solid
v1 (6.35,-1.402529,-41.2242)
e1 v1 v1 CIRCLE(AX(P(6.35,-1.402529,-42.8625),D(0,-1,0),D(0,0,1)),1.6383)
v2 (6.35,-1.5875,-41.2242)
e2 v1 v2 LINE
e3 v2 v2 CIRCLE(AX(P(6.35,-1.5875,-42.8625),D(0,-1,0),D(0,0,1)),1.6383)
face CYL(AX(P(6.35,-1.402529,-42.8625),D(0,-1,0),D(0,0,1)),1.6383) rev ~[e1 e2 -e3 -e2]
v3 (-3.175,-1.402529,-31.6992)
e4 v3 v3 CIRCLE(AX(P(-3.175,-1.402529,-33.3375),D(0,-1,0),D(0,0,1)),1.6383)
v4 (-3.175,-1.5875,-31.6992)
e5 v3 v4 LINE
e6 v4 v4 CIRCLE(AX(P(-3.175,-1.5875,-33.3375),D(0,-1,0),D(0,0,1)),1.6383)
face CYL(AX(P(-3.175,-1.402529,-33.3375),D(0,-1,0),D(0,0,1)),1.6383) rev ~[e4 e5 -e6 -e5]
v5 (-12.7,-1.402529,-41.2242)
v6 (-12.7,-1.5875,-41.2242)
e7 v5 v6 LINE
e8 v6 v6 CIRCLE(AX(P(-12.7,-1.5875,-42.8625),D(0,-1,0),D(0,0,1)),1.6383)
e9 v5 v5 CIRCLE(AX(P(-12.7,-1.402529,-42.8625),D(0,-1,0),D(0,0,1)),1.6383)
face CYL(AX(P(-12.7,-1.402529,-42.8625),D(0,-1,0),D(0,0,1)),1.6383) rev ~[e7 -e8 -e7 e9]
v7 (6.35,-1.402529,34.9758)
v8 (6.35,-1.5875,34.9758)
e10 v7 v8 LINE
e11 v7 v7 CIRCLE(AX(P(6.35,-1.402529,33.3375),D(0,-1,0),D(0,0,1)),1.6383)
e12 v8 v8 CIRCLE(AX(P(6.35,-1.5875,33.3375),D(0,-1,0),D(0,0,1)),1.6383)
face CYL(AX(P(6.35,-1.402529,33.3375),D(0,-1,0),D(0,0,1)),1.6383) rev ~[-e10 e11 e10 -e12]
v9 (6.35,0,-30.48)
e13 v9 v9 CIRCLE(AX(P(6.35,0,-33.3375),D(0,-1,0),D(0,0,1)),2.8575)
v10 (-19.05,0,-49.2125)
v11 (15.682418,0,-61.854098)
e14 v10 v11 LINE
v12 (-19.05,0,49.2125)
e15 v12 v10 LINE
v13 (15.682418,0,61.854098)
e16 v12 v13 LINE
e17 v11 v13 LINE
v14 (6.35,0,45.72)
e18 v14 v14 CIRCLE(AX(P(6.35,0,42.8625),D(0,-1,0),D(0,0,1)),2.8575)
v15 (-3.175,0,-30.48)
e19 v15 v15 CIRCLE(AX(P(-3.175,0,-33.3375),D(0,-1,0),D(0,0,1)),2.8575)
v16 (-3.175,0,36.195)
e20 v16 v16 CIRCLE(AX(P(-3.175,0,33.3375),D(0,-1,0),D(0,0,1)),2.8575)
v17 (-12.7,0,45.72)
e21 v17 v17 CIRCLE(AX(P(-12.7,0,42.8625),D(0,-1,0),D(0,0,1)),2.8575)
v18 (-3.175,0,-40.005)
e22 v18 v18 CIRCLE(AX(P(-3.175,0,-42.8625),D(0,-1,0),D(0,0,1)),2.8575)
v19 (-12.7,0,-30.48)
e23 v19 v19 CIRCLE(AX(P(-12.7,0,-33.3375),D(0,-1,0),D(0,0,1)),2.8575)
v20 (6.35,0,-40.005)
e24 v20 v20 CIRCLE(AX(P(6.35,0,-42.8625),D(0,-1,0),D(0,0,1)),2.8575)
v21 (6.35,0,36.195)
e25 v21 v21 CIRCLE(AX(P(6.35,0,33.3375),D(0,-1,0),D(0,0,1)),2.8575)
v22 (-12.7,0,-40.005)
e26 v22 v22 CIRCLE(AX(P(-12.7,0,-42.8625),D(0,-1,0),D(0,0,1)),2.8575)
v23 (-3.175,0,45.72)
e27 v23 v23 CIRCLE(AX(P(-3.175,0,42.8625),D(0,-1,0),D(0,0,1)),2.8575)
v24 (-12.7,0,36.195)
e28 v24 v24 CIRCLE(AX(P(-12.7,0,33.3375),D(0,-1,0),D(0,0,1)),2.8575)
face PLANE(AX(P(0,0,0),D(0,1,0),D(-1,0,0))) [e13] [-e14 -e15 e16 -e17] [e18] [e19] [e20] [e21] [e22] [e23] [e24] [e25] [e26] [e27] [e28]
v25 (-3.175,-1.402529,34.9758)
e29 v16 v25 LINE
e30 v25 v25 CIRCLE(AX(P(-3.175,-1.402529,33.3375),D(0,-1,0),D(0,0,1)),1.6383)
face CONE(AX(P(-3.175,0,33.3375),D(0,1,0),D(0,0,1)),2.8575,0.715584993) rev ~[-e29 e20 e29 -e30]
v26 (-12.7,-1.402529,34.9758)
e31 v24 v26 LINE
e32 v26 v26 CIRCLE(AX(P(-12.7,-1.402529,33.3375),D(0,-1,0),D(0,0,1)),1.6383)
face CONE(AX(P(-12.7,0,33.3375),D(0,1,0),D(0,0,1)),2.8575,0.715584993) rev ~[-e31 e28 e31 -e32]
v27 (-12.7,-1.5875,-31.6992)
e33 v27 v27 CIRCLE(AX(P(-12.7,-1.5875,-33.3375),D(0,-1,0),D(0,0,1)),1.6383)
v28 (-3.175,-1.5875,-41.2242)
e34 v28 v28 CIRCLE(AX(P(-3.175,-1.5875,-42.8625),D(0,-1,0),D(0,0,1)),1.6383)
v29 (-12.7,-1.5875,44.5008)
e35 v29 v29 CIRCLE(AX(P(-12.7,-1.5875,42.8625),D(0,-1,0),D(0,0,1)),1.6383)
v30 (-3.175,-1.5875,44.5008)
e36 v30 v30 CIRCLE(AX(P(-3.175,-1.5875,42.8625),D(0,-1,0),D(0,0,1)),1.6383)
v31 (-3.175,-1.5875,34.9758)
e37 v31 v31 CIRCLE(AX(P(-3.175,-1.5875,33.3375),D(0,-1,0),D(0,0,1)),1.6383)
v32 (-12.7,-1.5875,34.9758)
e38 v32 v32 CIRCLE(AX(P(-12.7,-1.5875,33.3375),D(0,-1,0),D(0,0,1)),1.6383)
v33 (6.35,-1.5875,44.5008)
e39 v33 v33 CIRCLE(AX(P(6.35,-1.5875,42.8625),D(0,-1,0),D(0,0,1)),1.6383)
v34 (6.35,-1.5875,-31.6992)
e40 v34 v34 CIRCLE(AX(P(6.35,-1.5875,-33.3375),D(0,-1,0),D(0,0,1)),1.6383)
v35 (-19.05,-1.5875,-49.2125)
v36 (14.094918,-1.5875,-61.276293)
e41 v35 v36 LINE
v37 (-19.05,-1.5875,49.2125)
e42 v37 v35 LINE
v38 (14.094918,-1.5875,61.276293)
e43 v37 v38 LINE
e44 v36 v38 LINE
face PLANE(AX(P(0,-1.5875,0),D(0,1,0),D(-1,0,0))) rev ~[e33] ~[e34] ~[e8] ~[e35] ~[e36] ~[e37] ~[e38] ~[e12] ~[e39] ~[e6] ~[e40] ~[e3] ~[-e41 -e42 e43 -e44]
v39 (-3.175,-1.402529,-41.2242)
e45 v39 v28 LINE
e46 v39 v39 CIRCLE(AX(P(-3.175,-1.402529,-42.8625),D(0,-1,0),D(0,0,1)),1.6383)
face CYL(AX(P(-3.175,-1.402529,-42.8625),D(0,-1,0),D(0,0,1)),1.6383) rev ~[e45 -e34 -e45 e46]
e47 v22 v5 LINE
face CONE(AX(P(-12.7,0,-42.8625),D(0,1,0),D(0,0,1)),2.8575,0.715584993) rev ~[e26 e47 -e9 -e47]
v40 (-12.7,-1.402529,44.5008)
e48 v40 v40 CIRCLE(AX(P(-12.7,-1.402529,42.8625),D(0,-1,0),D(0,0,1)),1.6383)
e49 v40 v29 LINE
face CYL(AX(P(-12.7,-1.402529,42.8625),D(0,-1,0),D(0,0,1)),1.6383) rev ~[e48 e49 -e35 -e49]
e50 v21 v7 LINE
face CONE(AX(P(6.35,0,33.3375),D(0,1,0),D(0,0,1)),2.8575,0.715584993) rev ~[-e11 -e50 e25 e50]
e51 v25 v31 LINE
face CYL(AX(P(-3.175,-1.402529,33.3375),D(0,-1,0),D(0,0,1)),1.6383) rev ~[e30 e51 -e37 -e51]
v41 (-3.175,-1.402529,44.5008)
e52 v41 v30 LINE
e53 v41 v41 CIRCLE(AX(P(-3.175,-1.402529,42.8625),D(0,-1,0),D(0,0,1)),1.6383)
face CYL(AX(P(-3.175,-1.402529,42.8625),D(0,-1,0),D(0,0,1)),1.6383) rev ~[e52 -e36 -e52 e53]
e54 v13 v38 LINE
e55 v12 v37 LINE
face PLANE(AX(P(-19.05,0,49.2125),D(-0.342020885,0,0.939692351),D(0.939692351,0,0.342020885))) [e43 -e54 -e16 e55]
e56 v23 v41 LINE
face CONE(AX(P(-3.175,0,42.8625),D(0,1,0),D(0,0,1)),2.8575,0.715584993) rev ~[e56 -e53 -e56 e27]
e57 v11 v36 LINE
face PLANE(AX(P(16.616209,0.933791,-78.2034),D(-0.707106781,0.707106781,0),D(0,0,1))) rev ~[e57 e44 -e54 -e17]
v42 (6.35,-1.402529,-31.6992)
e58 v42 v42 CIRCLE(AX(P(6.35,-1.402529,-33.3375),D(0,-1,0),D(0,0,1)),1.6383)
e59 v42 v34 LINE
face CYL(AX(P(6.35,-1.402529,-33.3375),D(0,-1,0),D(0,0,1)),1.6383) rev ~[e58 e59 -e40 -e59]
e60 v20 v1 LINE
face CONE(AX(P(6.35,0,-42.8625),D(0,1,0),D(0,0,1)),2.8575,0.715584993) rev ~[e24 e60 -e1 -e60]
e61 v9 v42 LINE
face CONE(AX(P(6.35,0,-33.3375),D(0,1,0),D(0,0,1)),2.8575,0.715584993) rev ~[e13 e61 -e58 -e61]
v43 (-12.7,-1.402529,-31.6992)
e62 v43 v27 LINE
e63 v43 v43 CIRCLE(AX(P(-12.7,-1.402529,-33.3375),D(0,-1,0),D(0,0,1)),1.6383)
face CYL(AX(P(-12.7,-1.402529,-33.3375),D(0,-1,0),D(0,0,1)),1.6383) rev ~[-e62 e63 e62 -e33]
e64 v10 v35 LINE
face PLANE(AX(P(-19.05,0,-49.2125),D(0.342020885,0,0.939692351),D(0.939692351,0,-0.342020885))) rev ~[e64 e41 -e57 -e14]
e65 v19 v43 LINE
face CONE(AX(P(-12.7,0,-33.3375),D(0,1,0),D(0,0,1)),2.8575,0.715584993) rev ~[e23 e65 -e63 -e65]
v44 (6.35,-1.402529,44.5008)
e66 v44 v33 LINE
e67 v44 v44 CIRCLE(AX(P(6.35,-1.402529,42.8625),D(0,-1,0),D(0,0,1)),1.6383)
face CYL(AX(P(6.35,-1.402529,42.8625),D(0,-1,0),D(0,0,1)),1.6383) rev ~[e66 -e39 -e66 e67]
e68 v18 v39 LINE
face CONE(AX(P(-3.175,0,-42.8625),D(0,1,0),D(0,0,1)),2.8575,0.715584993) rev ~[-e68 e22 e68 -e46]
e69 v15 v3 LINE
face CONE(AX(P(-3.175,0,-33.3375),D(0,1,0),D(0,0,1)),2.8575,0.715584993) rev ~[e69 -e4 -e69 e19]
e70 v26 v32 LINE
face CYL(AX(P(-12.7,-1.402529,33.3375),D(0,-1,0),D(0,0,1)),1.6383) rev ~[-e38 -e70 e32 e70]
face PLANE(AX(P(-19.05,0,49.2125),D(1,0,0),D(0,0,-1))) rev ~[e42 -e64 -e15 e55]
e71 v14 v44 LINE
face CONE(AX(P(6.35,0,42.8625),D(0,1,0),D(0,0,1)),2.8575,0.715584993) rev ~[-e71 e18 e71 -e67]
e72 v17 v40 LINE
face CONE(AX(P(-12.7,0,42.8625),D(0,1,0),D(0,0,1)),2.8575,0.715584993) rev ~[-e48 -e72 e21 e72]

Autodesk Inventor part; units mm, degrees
ref_plane "YZ Plane" through (0, 0, 0) normal (1, 0, 0) x (0, 1, 0)
ref_plane "XZ Plane" through (0, 0, 0) normal (0, 1, 0) x (-1, 0, 0)
sketch "Sketch1" plane through (0, 0, 0) normal (0, 1, 0) x (-1, 0, 0)
  line L0 (-19.05, 49.2125) -> (19.05, 49.2125)
  line L1 (19.05, 49.2125) -> (19.05, -49.2125)
  line L2 (19.05, -49.2125) -> (-19.05, -49.2125)
  line L3 (-19.05, -49.2125) -> (-19.05, 49.2125)
  line L4 (-19.05, 49.2125) -> (19.05, -49.2125) construction
  line L5 (19.05, 49.2125) -> (-19.05, -49.2125) construction
  line L6 (19.05, 0) -> (-19.05, 0) construction
  line L7 (-19.05, -49.2125) -> (19.05, -49.2125) construction
  line L8 (19.05, -49.2125) -> (19.05, -87.3125)
  line L9 (19.05, -87.3125) -> (-19.05, -87.3125)
  line L10 (-19.05, -87.3125) -> (-19.05, -49.2125)
  line L11 (19.05, -49.2125) -> (-19.05, -63.0798)
  line L12 (19.05, 49.2125) -> (-19.05, 49.2125) construction
  line L13 (-19.05, 49.2125) -> (19.05, 49.2125) construction
  line L14 (19.05, 49.2125) -> (19.05, 87.3125)
  line L15 (19.05, 87.3125) -> (-19.05, 87.3125)
  line L16 (-19.05, 87.3125) -> (-19.05, 49.2125)
  line L17 (19.05, 49.2125) -> (-19.05, 63.0798)
  line L18 (19.05, 42.8625) -> (-19.05, 42.8625) construction
  line L19 (-19.05, -63.0798) -> (9.525, -87.3125)
  line L20 (-19.05, 63.0798) -> (9.525, 87.3125)
  point P0 (0, 0)
  point P1 (12.7, 42.8625)
  point P2 (3.175, 42.8625)
  point P3 (-6.35, 42.8625)
  point P4 (12.7, 33.3375)
  point P5 (3.175, 33.3375)
  point P6 (-6.35, 33.3375)
  point P7 (12.7, -42.8625)
  point P8 (3.175, -42.8625)
  point P9 (-6.35, -42.8625)
  point P10 (12.7, -33.3375)
  point P11 (3.175, -33.3375)
  point P12 (-6.35, -33.3375)
  point P13 (19.05, 49.2125)
  point P14 (9.525, 87.3125)
  point P15 (19.05, 49.2125)
  point P16 (-19.05, 63.0798)
  dimension "d0" = 38.1
  dimension "d1" = 98.425
  dimension "d2" = 38.1
  dimension "d3" = 38.1
  dimension "d5" = 20
  dimension "d20" = 6.35
  dimension "d23" = 9.525
  dimension "d26" = 9.525
  dimension "d29" = 6.35
  dimension "d33" = 28.575
extrude "Extrusion1" add sketch "Sketch1" against normal blind 1.5875 contours L16 L17 L0 | L0 L1 L2 L3 | L2 L11 L10
ref_plane "Work Plane2" through (19.05, -1.5, 88.9) normal (-0.7071, -0.7071, 0) x (0, 0, 1)
feature "Bend Part3" [suppressed]
feature "Bend Part4" [suppressed]
sketch "Sketch2" plane through (19.05, -1.5, 88.9) normal (-0.7071, -0.7071, 0) x (0, 0, 1)
  line L0 (-10.6966, 1.0607) -> (-167.1034, 1.0607)
  line L1 (-167.1034, 1.0607) -> (-167.1034, -24.3393)
  line L2 (-167.1034, -24.3393) -> (-10.6966, -24.3393)
  line L3 (-10.6966, -24.3393) -> (-10.6966, 1.0607)
  line L4 (-10.6966, 1.0607) -> (-167.1034, 1.0607)
  line L5 (-167.1034, 1.0607) -> (-167.1034, 3.4419)
  line L6 (-167.1034, 3.4419) -> (-10.6966, 3.4419)
  line L7 (-10.6966, 3.4419) -> (-10.6966, 1.0607)
  point P0 (-88.9, 14.531)
  point P1 (-153.5673, 1.0607)
  point P2 (-167.1034, -7.4895)
  point P3 (-10.6966, -7.4895)
  dimension "d31" = 25.4
  dimension "d32" = 2.3813
extrude "Extrusion2" cut sketch "Sketch2" along normal through all both and the other way through all
hole "Hole1" at (-12.7, 0, 42.8625) at (-3.175, 0, 42.8625) at (6.35, 0, 42.8625) at (-12.7, 0, 33.3375) at (-3.175, 0, 33.3375) at (6.35, 0, 33.3375) at (6.35, 0, -33.3375) at (-3.175, 0, -33.3375) at (-12.7, 0, -33.3375) at (6.35, 0, -42.8625) at (-3.175, 0, -42.8625) at (-12.7, 0, -42.8625) direction (0, -1, 0) diameter 3.2766 end through all countersink diameter 5.715 countersink angle 82 clearance for "Flat Head Machine Screw (82)" size "#4" standard "Ansi Unified Screw Threads"
equation "\"d0\" = d2"
properties part number "Wedge" material "Aluminum 6061"
